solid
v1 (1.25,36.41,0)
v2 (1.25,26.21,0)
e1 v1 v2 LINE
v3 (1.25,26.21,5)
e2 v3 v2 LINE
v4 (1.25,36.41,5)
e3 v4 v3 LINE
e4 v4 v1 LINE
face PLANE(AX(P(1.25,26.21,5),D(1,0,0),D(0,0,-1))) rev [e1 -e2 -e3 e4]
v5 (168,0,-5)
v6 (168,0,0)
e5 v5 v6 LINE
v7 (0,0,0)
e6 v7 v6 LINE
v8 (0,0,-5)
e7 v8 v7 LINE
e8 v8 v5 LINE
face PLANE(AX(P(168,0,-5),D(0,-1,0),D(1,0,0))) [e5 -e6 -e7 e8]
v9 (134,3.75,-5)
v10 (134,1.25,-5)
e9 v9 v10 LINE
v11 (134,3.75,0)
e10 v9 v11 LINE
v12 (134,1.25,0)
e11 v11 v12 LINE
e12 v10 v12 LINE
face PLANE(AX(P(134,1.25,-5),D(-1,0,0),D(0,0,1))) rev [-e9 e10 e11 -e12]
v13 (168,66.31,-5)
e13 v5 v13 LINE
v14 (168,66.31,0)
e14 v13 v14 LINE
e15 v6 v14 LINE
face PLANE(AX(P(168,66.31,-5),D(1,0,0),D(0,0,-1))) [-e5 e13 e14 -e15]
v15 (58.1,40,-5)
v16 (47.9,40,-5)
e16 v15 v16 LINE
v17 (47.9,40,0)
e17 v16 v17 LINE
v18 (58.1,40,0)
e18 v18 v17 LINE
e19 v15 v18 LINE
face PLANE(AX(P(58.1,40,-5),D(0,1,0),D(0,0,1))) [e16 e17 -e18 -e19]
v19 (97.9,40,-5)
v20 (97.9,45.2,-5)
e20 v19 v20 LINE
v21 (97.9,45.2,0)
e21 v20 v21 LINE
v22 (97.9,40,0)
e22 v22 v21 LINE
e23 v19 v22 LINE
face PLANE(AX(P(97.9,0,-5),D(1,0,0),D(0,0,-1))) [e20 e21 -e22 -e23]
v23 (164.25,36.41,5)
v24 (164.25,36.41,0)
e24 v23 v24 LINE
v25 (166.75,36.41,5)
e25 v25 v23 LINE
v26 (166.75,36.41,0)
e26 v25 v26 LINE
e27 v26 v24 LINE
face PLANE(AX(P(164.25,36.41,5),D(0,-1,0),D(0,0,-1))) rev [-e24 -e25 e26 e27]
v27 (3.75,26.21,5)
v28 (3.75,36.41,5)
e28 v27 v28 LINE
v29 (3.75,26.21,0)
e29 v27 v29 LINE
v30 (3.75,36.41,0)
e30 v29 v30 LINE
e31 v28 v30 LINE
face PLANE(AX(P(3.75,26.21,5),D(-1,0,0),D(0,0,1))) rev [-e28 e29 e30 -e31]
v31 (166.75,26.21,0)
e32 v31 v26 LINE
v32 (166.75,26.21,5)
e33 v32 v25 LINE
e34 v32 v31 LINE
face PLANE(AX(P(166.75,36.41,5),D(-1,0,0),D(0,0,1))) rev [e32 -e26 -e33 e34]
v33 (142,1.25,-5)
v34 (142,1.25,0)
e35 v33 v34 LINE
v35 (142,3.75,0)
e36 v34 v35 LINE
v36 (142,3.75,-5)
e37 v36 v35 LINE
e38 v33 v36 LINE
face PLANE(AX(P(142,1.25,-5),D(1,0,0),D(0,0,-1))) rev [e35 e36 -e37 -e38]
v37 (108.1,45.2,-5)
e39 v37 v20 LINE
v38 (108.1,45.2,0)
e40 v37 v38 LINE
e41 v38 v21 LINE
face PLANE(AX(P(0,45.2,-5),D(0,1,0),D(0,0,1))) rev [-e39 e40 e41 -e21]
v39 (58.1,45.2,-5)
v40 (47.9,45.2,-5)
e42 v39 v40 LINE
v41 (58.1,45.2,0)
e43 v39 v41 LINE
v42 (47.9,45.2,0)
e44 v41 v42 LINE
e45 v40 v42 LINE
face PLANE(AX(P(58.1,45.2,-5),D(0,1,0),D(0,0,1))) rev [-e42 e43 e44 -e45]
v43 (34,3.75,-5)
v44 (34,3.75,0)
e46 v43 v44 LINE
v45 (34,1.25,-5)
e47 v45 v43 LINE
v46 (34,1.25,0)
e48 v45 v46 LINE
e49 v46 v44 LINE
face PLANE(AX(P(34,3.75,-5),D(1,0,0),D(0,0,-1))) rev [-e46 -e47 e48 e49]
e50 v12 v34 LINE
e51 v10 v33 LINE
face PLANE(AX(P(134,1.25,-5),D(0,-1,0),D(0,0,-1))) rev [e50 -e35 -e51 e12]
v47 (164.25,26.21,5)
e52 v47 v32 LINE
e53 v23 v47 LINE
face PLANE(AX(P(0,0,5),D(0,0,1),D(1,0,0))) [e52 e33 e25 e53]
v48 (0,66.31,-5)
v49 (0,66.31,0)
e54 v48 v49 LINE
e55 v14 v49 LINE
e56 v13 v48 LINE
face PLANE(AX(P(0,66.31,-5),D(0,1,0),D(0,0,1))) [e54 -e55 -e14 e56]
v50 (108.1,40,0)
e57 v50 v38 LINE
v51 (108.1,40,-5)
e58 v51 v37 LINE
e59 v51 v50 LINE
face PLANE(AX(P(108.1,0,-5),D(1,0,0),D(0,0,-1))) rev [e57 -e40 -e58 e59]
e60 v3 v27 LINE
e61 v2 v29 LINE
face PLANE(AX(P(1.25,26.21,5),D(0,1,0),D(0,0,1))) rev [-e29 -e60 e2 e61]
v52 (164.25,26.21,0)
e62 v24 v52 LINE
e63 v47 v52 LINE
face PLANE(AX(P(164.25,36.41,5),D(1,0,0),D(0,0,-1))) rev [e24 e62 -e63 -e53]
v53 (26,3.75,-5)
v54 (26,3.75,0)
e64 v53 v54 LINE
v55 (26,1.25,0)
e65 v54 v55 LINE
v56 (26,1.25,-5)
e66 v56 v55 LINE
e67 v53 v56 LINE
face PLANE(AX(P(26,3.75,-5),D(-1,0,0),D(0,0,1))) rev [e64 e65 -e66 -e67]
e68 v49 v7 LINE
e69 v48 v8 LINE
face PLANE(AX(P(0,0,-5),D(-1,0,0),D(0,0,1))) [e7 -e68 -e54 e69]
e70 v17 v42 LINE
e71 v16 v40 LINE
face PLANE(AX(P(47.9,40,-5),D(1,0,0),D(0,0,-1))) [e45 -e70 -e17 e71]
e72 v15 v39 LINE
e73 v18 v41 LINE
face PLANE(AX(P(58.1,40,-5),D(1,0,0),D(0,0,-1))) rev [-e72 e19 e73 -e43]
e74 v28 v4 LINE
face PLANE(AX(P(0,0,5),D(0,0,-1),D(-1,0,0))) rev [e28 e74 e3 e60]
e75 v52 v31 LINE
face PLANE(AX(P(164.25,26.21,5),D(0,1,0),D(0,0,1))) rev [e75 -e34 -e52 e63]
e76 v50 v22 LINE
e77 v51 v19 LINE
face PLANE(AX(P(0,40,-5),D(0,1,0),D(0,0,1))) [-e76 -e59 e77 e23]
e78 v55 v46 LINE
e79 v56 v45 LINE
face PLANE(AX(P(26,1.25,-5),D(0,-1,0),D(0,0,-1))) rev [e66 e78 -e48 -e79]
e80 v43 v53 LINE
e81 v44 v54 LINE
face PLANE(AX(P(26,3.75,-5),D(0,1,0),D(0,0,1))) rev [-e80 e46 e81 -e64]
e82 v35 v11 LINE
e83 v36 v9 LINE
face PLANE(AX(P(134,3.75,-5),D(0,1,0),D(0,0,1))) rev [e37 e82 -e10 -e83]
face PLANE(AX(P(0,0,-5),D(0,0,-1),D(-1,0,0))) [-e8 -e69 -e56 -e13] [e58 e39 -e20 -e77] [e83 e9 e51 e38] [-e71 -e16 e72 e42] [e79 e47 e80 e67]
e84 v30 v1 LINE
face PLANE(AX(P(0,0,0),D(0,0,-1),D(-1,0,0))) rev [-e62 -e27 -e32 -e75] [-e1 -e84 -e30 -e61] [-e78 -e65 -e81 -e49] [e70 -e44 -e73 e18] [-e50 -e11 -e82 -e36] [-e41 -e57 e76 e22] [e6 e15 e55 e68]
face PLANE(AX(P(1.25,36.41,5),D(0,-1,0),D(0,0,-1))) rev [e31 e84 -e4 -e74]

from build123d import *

# Parameters (mm, degrees)
CROQUIS2_W              = 168
CROQUIS2_H              = 66.31
SALIENTE_EXTRUIR1_DEPTH = 5
CROQUIS3_W              = 2.5
CROQUIS3_H              = 10.2
SALIENTE_EXTRUIR3_DEPTH = 5
CROQUIS5_W              = 10.2
CROQUIS5_H              = 5.2
CORTAR_EXTRUIR2_DEPTH   = 181.68208572
CROQUIS7_W              = 8
CROQUIS7_H              = 2.5
CORTAR_EXTRUIR3_DEPTH   = 181.68208572
SKETCH1_W               = 2.5
SKETCH1_H               = 10.2
BOSS_EXTRUDE1_DEPTH     = 5


with BuildPart() as part:
    # Croquis2 → Saliente-Extruir1 (new body)
    with BuildSketch(Plane.XY):
        with Locations((84, 33.155)):
            Rectangle(CROQUIS2_W, CROQUIS2_H)
    extrude(amount=-SALIENTE_EXTRUIR1_DEPTH)

    # Croquis3 → Saliente-Extruir3 (add)
    with BuildSketch(Plane.XY):
        with Locations((2.5, 31.31)):
            Rectangle(CROQUIS3_W, CROQUIS3_H)
    extrude(amount=SALIENTE_EXTRUIR3_DEPTH)

    # Croquis5 → Cortar-Extruir2 (cut, through all)
    with BuildSketch(Plane.XY):
        with Locations((103, 42.6)):
            Rectangle(CROQUIS5_W, CROQUIS5_H)
        with Locations((53, 42.6)):
            Rectangle(CROQUIS5_W, CROQUIS5_H)
    extrude(amount=-CORTAR_EXTRUIR2_DEPTH, mode=Mode.SUBTRACT)

    # Croquis7 → Cortar-Extruir3 (cut, through all)
    with BuildSketch(Plane.XY):
        with Locations((30, 2.5)):
            Rectangle(CROQUIS7_W, CROQUIS7_H)
        with Locations((138, 2.5)):
            Rectangle(CROQUIS7_W, CROQUIS7_H)
    extrude(amount=-CORTAR_EXTRUIR3_DEPTH, mode=Mode.SUBTRACT)

    # Sketch1 → Boss-Extrude1 (add)
    with BuildSketch(Plane.XY):
        with Locations((165.5, 31.31)):
            Rectangle(SKETCH1_W, SKETCH1_H)
    extrude(amount=BOSS_EXTRUDE1_DEPTH)


solid = part.part
